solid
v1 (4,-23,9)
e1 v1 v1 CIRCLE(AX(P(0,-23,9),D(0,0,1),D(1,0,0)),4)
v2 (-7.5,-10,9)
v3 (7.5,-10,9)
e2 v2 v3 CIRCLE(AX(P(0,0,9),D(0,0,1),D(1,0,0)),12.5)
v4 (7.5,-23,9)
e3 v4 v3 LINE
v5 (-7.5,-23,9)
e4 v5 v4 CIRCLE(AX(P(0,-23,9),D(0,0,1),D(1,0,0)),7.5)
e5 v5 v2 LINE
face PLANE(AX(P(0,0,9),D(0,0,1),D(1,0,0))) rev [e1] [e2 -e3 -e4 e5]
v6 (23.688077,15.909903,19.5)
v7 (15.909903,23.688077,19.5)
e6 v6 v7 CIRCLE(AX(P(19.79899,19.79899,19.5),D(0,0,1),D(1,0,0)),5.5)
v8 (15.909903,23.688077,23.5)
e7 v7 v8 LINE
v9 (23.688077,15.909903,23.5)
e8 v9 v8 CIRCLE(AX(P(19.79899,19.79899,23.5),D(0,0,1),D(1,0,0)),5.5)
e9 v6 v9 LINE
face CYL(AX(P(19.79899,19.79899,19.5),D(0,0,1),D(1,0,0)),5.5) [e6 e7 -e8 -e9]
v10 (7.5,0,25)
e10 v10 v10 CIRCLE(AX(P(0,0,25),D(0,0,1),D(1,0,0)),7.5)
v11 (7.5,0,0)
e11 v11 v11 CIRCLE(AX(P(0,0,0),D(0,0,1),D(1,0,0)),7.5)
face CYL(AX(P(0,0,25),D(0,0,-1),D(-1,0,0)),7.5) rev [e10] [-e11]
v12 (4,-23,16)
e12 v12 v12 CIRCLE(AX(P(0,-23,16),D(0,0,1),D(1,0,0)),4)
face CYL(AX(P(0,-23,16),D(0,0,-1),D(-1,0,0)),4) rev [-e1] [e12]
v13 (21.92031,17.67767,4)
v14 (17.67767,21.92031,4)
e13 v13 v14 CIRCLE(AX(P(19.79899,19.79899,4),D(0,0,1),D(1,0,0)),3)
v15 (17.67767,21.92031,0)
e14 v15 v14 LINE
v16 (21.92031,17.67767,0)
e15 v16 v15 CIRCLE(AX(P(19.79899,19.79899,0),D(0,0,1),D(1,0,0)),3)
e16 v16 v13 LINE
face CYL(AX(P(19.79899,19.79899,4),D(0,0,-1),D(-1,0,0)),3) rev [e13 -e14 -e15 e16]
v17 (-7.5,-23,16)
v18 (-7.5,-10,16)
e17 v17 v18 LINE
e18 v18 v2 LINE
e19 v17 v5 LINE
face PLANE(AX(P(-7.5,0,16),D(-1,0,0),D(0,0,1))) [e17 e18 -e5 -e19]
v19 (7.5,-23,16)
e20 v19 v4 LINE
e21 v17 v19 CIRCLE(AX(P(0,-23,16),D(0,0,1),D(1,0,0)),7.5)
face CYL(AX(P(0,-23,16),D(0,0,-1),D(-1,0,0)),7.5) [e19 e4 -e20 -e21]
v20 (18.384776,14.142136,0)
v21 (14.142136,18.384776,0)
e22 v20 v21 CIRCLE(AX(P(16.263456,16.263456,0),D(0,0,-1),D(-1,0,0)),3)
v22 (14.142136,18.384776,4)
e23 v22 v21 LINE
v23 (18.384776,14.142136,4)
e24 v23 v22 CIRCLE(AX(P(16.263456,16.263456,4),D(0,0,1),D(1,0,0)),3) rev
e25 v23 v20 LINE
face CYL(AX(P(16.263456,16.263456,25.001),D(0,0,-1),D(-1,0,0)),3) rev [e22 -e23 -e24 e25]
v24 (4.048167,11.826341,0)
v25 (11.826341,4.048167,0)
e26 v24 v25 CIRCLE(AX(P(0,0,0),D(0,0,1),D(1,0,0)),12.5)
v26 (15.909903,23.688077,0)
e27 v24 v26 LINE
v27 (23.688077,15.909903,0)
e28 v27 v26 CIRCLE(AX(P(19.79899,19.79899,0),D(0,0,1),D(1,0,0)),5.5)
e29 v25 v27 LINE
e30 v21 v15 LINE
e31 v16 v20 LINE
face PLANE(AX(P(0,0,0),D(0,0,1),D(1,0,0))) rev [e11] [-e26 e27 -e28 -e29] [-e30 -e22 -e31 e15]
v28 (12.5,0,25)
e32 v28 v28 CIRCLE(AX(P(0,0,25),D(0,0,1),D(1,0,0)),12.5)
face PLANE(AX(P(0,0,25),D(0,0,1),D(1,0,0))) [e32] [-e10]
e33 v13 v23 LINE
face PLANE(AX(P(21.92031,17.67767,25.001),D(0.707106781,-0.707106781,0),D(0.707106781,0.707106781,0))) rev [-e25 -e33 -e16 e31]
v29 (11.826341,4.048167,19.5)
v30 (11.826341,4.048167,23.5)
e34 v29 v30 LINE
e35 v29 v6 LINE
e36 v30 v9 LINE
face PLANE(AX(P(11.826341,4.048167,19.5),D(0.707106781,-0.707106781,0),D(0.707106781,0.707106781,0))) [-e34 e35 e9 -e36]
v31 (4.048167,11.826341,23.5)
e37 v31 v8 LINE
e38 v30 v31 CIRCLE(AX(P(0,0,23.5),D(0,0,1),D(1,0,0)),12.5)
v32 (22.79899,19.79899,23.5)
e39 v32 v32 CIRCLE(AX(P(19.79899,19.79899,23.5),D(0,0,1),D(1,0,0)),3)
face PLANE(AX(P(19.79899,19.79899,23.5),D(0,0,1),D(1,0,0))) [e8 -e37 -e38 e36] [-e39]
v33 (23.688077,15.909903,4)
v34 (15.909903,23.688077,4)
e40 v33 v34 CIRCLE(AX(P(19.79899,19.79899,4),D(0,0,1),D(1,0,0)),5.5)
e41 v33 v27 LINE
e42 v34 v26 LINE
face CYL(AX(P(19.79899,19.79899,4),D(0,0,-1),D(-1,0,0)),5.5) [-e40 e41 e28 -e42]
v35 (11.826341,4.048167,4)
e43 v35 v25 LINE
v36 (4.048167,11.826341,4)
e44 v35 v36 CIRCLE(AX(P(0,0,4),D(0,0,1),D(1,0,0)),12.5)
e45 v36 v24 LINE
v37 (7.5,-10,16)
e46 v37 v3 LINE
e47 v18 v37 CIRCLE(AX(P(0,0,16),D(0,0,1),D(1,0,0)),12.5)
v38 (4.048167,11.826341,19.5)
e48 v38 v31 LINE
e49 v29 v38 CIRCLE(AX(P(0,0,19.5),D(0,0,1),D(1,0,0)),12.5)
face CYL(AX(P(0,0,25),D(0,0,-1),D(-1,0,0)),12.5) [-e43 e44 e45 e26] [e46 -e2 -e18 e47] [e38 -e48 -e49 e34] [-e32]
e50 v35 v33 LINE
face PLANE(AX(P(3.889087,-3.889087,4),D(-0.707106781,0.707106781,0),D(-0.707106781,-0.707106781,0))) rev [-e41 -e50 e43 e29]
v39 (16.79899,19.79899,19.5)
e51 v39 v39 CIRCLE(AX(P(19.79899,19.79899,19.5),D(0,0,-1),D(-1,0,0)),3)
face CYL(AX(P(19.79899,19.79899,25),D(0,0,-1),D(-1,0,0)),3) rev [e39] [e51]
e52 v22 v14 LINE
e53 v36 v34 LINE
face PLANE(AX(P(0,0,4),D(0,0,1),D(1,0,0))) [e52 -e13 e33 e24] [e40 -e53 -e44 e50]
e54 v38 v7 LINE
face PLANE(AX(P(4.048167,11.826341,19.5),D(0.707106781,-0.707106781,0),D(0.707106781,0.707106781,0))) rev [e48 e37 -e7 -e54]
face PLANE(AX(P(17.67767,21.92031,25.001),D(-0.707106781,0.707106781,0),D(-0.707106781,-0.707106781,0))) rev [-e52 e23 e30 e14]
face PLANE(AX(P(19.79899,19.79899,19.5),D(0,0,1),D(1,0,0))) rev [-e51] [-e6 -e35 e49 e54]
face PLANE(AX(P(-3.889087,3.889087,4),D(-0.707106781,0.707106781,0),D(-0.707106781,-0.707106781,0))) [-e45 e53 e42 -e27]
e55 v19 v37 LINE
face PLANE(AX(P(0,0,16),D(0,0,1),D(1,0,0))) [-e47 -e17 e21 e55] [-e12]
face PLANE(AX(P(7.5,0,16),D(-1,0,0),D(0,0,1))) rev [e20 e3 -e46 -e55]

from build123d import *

# Parameters (mm, degrees)
SKETCH_1_R          = 12.5
SKETCH_1_R_2        = 7.5
EXTRUDE_1_DEPTH     = 25
SKETCH_1_4_R        = 3
EXTRUDE_3_DEPTH     = 4
EXTRUDE_START       = -4
EXTRUDE_4_DEPTH     = 4
SKETCH_3_R          = 3
CUT_EXTRUDE_1_DEPTH = 41.747119864
CUT_EXTRUDE_2_REACH = 45.647
SKETCH_5_R          = 4
EXTRUDE_5_DEPTH     = 3.5


with BuildPart() as part:
    # Эскиз1 → Бобышка-Вытянуть1 (new body)
    with BuildSketch(Plane.XY):
        Circle(SKETCH_1_R)
        Circle(SKETCH_1_R_2, mode=Mode.SUBTRACT)
    extrude(amount=EXTRUDE_1_DEPTH)

    # Эскиз1<4> → Бобышка-Вытянуть3 (add)
    with BuildSketch(Plane.XY):
        with BuildLine():
            Line((15.909902577, 23.68807717), (4.048166637, 11.82634123))
            ThreePointArc((4.048166637, 11.82634123), (8.838834765, 8.838834765), (11.82634123, 4.048166637))
            Line((11.82634123, 4.048166637), (23.68807717, 15.909902577))
            ThreePointArc((23.68807717, 15.909902577), (23.68807717, 23.68807717), (15.909902577, 23.68807717))
        make_face()
        with Locations((19.798989873, 19.798989873)):
            Circle(SKETCH_1_4_R, mode=Mode.SUBTRACT)
    extrude(amount=EXTRUDE_3_DEPTH)

    # Эскиз2 → Бобышка-Вытянуть4 (add)
    with BuildSketch(Plane.XY.offset(23.5).offset(EXTRUDE_START)):
        with BuildLine():
            Line((4.048166637, 11.82634123), (15.909902577, 23.68807717))
            ThreePointArc((15.909902577, 23.68807717), (23.68807717, 23.68807717), (23.68807717, 15.909902577))
            Line((23.68807717, 15.909902577), (11.82634123, 4.048166637))
            ThreePointArc((11.82634123, 4.048166637), (8.838834765, 8.838834765), (4.048166637, 11.82634123))
        make_face()
    extrude(amount=EXTRUDE_4_DEPTH)

    # Эскиз3 → Вырез-Вытянуть1 (cut, through all)
    with BuildSketch(Plane(origin=(0, 0, 19.5), x_dir=(-1, 0, 0), z_dir=(0, 0, -1))):
        with Locations((-19.798989873, 19.798989873)):
            Circle(SKETCH_3_R)
    extrude(amount=-CUT_EXTRUDE_1_DEPTH, mode=Mode.SUBTRACT)

    # Эскиз4 → Вырез-Вытянуть2 (cut, up to next)
    with BuildSketch(Plane(origin=(0, 0, 0), x_dir=(-1, 0, 0), z_dir=(0, 0, -1)), mode=Mode.PRIVATE) as cut_extrude_2_sk1:
        with BuildLine():
            Line((-17.67766953, 21.920310217), (-14.142135624, 18.384776311))
            ThreePointArc((-14.142135624, 18.384776311), (-14.142135624, 14.142135624), (-18.384776311, 14.142135624))
            Line((-18.384776311, 14.142135624), (-21.920310217, 17.67766953))
            ThreePointArc((-21.920310217, 17.67766953), (-21.920310217, 21.920310217), (-17.67766953, 21.920310217))
        make_face()
    cut_extrude_2_tool1 = extrude(cut_extrude_2_sk1.sketch, amount=-CUT_EXTRUDE_2_REACH, mode=Mode.PRIVATE) & part.part
    add(cut_extrude_2_tool1.solids().sort_by_distance((18.031223, 18.031223, 0))[0], mode=Mode.SUBTRACT)

    # Эскиз5 → Бобышка-Вытянуть5 (add, symmetric)
    with BuildSketch(Plane.XY.offset(12.5)):
        with BuildLine():
            Line((-7.5, -10), (-7.5, -23))
            ThreePointArc((-7.5, -23), (0, -30.5), (7.5, -23))
            Line((7.5, -23), (7.5, -10))
            Line((7.5, -10), (-7.5, -10))
        make_face()
        with Locations((0, -23)):
            Circle(SKETCH_5_R, mode=Mode.SUBTRACT)
    extrude(amount=EXTRUDE_5_DEPTH, both=True)


solid = part.part
